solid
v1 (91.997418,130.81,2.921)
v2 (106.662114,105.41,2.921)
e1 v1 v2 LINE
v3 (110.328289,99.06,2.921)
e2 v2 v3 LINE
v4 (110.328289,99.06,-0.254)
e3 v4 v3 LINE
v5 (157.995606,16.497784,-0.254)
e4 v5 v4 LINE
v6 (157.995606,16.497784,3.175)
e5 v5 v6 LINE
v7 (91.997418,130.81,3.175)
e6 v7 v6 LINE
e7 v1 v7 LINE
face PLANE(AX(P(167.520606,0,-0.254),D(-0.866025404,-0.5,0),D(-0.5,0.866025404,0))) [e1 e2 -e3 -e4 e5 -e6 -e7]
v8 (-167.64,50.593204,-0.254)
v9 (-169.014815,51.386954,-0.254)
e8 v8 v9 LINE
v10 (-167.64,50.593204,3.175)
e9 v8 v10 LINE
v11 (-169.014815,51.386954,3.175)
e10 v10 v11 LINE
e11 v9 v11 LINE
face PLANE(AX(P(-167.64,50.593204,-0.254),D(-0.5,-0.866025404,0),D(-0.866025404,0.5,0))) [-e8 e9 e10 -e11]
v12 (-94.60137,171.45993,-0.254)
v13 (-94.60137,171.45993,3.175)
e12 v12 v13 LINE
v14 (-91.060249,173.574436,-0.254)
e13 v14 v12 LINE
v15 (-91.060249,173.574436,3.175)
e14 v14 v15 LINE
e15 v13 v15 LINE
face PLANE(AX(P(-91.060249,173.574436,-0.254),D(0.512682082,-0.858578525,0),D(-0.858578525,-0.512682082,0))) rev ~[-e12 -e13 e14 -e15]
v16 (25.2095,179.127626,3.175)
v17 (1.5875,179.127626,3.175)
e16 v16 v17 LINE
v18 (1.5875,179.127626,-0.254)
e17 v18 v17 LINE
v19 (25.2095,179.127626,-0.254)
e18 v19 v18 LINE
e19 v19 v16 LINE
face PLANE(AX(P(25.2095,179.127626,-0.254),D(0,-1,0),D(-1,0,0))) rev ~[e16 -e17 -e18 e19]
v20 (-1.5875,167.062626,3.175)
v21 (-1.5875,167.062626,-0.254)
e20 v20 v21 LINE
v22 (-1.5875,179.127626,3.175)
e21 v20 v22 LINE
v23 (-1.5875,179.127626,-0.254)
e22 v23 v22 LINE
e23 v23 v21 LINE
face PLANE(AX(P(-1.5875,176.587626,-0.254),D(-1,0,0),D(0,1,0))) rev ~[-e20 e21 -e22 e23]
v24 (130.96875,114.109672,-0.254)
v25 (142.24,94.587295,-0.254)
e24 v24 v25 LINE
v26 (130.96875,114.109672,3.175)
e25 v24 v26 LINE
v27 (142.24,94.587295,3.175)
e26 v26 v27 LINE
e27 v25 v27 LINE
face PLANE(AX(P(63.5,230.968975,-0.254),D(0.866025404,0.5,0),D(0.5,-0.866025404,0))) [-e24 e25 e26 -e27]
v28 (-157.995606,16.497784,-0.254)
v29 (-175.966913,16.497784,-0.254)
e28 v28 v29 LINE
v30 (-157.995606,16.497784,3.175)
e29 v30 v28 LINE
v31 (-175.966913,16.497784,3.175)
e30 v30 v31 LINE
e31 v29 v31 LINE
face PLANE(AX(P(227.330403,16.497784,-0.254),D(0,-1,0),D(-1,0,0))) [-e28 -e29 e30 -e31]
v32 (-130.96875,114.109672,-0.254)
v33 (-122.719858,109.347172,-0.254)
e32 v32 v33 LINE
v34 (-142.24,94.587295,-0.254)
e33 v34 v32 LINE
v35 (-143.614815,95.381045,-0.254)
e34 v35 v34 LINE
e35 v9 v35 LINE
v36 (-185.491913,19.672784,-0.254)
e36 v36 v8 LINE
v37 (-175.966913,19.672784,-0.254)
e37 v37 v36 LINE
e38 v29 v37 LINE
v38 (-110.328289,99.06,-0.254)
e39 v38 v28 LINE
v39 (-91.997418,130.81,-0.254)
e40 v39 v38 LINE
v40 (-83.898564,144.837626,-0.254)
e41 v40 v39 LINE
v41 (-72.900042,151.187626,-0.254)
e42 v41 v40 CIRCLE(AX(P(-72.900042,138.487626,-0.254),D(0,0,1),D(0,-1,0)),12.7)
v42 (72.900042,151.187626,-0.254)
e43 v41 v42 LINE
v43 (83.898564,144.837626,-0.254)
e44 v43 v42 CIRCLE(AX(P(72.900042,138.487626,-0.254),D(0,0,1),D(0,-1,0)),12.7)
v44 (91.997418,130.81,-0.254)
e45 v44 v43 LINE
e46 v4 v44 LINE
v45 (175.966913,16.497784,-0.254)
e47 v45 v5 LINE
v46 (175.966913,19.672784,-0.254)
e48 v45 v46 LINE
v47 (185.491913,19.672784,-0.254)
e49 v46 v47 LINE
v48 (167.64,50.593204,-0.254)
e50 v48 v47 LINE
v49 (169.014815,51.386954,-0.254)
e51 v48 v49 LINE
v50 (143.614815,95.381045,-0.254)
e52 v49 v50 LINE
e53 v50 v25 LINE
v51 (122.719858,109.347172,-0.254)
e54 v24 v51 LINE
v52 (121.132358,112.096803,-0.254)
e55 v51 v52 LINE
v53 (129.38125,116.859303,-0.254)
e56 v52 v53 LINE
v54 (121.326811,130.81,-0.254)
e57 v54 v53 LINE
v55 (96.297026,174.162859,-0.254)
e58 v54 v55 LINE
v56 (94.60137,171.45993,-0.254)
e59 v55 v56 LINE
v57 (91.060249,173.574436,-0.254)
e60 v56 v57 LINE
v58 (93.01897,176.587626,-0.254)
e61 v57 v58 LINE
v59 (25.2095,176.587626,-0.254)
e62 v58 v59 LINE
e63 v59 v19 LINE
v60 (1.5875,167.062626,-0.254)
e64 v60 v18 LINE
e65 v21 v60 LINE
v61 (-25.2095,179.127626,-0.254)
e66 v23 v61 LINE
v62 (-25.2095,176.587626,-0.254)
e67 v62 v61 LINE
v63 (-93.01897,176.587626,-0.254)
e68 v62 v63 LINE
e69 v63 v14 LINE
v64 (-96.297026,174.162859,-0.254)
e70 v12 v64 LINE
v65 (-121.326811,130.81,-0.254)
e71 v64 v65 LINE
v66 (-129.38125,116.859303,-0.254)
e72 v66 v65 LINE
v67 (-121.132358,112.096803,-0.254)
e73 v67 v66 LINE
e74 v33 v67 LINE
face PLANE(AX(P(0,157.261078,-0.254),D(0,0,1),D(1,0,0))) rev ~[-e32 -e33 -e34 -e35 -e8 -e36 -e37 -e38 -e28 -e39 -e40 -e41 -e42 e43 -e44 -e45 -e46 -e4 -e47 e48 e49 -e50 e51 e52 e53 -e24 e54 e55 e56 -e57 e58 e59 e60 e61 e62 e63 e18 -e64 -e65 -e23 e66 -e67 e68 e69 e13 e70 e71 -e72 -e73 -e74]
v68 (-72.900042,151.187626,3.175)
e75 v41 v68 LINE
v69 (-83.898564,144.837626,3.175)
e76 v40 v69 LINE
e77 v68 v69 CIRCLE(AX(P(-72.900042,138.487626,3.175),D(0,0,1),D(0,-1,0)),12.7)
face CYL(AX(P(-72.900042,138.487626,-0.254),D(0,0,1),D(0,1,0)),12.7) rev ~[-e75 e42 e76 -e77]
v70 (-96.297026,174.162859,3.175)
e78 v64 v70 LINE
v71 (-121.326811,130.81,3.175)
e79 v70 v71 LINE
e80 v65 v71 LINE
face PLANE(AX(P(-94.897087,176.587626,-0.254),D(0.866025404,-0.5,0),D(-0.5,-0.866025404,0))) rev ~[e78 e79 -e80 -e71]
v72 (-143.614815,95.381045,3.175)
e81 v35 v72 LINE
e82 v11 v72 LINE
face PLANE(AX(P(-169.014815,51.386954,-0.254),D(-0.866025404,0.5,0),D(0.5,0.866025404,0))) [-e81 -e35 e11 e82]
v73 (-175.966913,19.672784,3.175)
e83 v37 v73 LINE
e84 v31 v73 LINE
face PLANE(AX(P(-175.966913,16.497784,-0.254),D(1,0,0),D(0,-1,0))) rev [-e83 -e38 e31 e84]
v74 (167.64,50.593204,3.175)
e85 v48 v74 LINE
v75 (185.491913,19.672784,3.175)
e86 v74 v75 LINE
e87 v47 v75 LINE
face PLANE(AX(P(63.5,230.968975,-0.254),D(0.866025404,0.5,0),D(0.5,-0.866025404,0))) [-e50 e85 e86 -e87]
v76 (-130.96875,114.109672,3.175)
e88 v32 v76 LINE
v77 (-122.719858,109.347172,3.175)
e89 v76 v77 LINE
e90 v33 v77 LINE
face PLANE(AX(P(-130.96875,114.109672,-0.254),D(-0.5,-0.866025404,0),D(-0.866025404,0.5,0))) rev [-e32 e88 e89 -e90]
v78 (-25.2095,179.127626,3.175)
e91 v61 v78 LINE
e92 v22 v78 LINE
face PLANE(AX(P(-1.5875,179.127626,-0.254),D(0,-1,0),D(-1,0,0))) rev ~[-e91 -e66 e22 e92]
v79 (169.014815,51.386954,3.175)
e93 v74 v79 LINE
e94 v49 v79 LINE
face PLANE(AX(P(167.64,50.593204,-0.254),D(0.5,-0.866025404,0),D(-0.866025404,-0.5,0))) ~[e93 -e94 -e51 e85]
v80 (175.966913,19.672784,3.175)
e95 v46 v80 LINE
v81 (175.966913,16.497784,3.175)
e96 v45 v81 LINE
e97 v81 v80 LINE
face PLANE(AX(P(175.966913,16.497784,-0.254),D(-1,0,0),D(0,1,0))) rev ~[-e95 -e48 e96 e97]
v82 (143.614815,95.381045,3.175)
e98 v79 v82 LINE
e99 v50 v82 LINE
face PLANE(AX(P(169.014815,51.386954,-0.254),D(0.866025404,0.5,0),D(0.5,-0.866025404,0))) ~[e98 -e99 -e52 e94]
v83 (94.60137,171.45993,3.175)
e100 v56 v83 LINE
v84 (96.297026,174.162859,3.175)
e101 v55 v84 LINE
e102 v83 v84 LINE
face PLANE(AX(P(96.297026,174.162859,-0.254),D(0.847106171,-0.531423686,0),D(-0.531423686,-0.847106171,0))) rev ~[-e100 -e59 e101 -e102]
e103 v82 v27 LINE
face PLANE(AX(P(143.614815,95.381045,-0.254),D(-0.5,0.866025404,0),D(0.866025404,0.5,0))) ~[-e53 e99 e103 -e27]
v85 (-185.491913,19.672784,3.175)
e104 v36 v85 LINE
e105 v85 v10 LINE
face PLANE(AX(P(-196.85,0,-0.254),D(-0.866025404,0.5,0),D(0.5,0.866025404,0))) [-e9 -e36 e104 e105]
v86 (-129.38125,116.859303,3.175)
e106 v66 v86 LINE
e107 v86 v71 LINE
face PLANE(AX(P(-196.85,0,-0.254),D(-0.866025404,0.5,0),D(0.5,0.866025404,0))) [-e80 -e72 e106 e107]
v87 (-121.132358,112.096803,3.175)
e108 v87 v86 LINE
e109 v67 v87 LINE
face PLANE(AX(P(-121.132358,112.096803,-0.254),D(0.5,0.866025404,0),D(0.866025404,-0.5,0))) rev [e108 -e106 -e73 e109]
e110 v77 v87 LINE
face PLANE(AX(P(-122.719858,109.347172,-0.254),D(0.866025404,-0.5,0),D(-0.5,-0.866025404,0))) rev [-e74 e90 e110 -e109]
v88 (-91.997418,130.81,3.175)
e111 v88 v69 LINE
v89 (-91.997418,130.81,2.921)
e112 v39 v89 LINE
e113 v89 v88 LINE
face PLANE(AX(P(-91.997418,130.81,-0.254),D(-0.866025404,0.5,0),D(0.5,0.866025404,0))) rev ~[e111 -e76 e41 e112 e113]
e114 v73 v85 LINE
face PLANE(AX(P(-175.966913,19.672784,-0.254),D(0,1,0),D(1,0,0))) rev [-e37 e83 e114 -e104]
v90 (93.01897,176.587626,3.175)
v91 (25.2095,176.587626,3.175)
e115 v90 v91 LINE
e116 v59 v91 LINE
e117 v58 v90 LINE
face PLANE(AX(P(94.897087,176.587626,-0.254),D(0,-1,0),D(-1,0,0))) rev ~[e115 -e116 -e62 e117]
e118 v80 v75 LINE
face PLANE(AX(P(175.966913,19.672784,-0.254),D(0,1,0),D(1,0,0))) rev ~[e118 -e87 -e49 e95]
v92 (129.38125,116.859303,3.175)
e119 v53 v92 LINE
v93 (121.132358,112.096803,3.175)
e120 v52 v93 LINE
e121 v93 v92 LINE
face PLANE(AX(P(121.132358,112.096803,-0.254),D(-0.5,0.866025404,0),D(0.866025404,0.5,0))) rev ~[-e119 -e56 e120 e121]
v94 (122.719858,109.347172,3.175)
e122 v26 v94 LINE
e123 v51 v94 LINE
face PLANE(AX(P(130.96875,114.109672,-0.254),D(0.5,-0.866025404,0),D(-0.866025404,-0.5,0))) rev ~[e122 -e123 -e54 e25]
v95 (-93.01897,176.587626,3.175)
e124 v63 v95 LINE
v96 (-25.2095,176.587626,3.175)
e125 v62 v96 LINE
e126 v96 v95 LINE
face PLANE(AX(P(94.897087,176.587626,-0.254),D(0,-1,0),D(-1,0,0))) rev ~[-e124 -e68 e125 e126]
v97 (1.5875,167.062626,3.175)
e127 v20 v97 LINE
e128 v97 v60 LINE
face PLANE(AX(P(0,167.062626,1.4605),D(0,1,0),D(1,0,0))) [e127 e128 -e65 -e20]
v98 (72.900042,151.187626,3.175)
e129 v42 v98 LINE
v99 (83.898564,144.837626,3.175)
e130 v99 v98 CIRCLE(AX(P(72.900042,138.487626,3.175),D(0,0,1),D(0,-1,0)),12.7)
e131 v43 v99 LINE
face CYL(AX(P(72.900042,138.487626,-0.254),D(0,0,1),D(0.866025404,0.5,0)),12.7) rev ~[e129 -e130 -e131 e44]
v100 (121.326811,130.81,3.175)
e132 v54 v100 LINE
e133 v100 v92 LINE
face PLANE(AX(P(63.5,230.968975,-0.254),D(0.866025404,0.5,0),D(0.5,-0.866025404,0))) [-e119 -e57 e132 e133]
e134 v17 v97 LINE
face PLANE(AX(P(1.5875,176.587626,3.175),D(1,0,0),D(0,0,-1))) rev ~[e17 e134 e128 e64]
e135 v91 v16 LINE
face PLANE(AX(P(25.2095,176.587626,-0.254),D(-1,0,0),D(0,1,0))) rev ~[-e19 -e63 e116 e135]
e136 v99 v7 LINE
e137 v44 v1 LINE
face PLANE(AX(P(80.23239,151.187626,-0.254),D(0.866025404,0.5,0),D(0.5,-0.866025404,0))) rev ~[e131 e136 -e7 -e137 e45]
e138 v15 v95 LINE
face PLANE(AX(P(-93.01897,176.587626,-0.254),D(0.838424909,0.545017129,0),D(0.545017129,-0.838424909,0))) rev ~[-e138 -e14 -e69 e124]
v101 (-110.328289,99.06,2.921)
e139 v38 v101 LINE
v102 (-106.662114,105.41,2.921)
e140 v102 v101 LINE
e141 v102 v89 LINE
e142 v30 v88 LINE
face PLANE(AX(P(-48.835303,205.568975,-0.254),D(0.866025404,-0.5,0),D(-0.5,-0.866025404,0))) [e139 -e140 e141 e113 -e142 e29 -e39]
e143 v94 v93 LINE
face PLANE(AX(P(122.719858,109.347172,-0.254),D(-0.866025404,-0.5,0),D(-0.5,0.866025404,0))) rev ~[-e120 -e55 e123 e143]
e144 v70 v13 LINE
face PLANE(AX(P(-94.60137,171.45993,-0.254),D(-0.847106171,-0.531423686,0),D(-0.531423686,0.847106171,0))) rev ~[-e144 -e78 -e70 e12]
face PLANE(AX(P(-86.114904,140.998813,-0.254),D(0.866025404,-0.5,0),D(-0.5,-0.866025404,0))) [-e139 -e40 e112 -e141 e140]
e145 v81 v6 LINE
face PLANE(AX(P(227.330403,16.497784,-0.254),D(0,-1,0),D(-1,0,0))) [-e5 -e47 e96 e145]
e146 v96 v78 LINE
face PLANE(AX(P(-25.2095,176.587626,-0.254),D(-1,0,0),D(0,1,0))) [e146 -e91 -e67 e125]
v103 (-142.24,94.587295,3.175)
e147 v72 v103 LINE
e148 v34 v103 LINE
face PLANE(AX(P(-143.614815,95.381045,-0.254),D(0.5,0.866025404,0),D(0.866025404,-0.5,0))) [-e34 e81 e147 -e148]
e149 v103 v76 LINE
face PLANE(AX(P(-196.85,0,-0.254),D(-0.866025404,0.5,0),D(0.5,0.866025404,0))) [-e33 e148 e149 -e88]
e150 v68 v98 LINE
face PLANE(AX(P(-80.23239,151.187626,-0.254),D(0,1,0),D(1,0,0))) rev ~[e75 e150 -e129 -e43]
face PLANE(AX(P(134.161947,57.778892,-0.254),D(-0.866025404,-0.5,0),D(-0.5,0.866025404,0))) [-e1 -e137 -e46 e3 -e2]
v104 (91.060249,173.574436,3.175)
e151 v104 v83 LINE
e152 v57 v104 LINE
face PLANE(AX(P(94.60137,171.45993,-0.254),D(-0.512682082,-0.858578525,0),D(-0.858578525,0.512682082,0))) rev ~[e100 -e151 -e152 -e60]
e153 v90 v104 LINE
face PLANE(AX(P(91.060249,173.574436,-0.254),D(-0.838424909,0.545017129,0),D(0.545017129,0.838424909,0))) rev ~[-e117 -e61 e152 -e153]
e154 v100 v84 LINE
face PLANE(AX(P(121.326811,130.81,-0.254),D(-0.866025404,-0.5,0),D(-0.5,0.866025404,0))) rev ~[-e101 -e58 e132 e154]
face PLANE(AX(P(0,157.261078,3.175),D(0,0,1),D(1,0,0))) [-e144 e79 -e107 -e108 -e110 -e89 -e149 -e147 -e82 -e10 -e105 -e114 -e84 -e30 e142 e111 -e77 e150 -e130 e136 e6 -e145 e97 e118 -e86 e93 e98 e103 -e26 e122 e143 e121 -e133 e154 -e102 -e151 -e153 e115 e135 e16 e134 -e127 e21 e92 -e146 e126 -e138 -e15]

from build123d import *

# Parameters (mm, degrees)
BOSS_EXTRUDE1_DEPTH      = 3.175
BOSS_EXTRUDE1_DEPTH_BACK = 0.254
FILLET1_R                = 12.7
SKETCH3_W                = 50.8
SKETCH3_H                = 1.5875
BOSS_EXTRUDE2_DEPTH      = 3.429
CUT_EXTRUDE1_DEPTH       = 305.703453695
CUT_EXTRUDE2_DEPTH       = 305.703453695
CUT_EXTRUDE4_DEPTH       = 305.048068156
BOSS_EXTRUDE3_DEPTH      = 3.175
FILLET2_R                = 12.7
CUT_EXTRUDE5_REACH       = 237.529
SKETCH10_W               = 3.175
SKETCH10_H               = 9.525
SKETCH12_W               = 23.622
SKETCH12_H               = 3.175
BOSS_EXTRUDE4_DEPTH      = 2.54
SKETCH15_W               = 463.920025393
SKETCH15_H               = 26.613528777
CUT_EXTRUDE8_DEPTH       = 237.949226834
BOSS_EXTRUDE5_DEPTH      = 3.429
SKETCH17_W               = 23.622
SKETCH17_H               = 2.54
BOSS_EXTRUDE6_DEPTH      = 3.429
SKETCH18_W               = 3.175
SKETCH18_H               = 3.429
CUT_EXTRUDE9_DEPTH       = 9.525
CUT_EXTRUDE10_DEPTH      = 258.887018005
FILLET3_R                = 12.7
CUT_EXTRUDE11_DEPTH      = 258.887018005


with BuildPart() as part:
    # Sketch1 → Boss-Extrude1 (new, two sides: drawn at the far end of the back side and taken through both)
    with BuildSketch(Plane.XY.offset(-BOSS_EXTRUDE1_DEPTH_BACK)):
        Polygon((-196.85, 0), (-63.5, 230.968975189), (63.5, 230.968975189), (196.85, 0), (167.520606325, 0), (48.835303163, 205.568975189), (-48.835303163, 205.568975189), (-167.520606325, 0), align=None)
    extrude(amount=BOSS_EXTRUDE1_DEPTH + BOSS_EXTRUDE1_DEPTH_BACK)

    # Fillet1
    fillet1_edges = [part.edges().sort_by_distance(p)[0] for p in [
        (167.520606325, 0, 1.4605),
        (48.835303163, 205.568975189, 1.4605),
        (-48.835303163, 205.568975189, 1.4605),
        (-167.520606325, 0, 1.4605),
    ]]
    fillet(fillet1_edges, radius=FILLET1_R)

    # Sketch3 → Boss-Extrude2 (add)
    with BuildSketch(Plane(origin=(0, 0, -0.254), x_dir=(-1, 0, 0), z_dir=(0, 0, -1))):
        Polygon((81.638815329, 202.726625451), (80.264, 201.932875451), (105.664, 157.938784939), (107.038815329, 158.732534939), align=None)
        Polygon((143.614815329, 95.381044601), (142.24, 94.587294601), (167.64, 50.593204089), (169.014815329, 51.386954089), align=None)
        with Locations((0, 231.762725189)):
            Rectangle(SKETCH3_W, SKETCH3_H)
    boss_extrude2 = extrude(amount=-BOSS_EXTRUDE2_DEPTH)

    # Sketch5 → Cut-Extrude1 (cut, through all)
    with BuildSketch(Plane(origin=(0, 0, -0.254), x_dir=(-1, 0, 0), z_dir=(0, 0, -1))):
        Polygon((-175.966912895, 19.672783942), (-185.491912895, 19.672783942), (-187.325, 16.497783942), (-186.309, 16.497783942), (-175.966912895, 16.497783942), align=None)
        Polygon((-186.309, 16.497783942), (-187.325, 16.497783942), (-196.85, 0), (-195.834, 0), align=None)
        Polygon((-121.132358029, 112.096802923), (-129.38125, 116.859302923), (-130.96875, 114.109672266), (-122.719858029, 109.347172266), align=None)
    cut_extrude1 = extrude(amount=-CUT_EXTRUDE1_DEPTH, mode=Mode.SUBTRACT)

    # Sketch4 → Cut-Extrude2 (cut, through all)
    with BuildSketch(Plane(origin=(0, 0, -0.254), x_dir=(-1, 0, 0), z_dir=(0, 0, -1))):
        Polygon((-61.666912895, 230.968975189), (-56.904412895, 222.720083218), (-59.654043552, 221.132583218), (-64.416543552, 229.381475189), (-63.5, 230.968975189), align=None)
    cut_extrude2 = extrude(amount=-CUT_EXTRUDE2_DEPTH, mode=Mode.SUBTRACT)

    # Mirror1: Boss-Extrude2, Cut-Extrude1, Cut-Extrude2 across plane
    add(boss_extrude2.mirror(Plane(origin=(0, 0, 0), x_dir=(0, 0, 1), z_dir=(1, 0, 0))))
    add(cut_extrude1.mirror(Plane(origin=(0, 0, 0), x_dir=(0, 0, 1), z_dir=(1, 0, 0))), mode=Mode.SUBTRACT)
    add(cut_extrude2.mirror(Plane(origin=(0, 0, 0), x_dir=(0, 0, 1), z_dir=(1, 0, 0))), mode=Mode.SUBTRACT)

    # Sketch6 → Cut-Extrude4 (cut, through all)
    with BuildSketch(Plane(origin=(0, 0, -0.254), x_dir=(-1, 0, 0), z_dir=(0, 0, -1))):
        Polygon((-121.326811287, 130.81), (-91.997417612, 130.81), (-52.501477372, 199.218975189), (-41.502954744, 205.568975189), (41.502954744, 205.568975189), (47.852954744, 203.867497817), (52.501477372, 199.218975189), (91.997417612, 130.81), (121.326811287, 130.81), (105.664, 157.938784939), (107.038815329, 158.732534939), (81.638815329, 202.726625451), (80.264, 201.932875451), (64.416543552, 229.381475189), (59.654043552, 221.132583218), (56.904412895, 222.720083218), (61.666912895, 230.968975189), (25.4, 230.968975189), (25.4, 232.556475189), (-25.4, 232.556475189), (-25.4, 230.968975189), (-61.666912895, 230.968975189), (-56.904412895, 222.720083218), (-59.654043552, 221.132583218), (-64.416543552, 229.381475189), (-80.264, 201.932875451), (-81.638815329, 202.726625451), (-107.038815329, 158.732534939), (-105.664, 157.938784939), align=None)
    extrude(amount=-CUT_EXTRUDE4_DEPTH, mode=Mode.SUBTRACT)


with BuildPart() as cut_extrude4_piece_1:
    # of the separate pieces the step leaves, piece 1, a body of its own (cut_extrude4_pieces)
    add(part.part.solids().sort_by_distance((-174.852954744, 0, -0.254))[0])



with BuildPart() as cut_extrude4_piece_2:
    # of the separate pieces the step leaves, piece 2, a body of its own (cut_extrude4_pieces)
    add(part.part.solids().sort_by_distance((195.834, 0, -0.254))[0])


with BuildPart() as cut_extrude4_piece_1_1:
    add(cut_extrude4_piece_1.part)

    add(cut_extrude4_piece_2.part)  # Boss-Extrude3 merges Cut-Extrude4 piece 2
    # Sketch9 → Boss-Extrude3 (add)
    with BuildSketch(Plane(origin=(0, 0, -0.254), x_dir=(-1, 0, 0), z_dir=(0, 0, -1))):
        Polygon((-91.997417612, 130.81), (-106.66211445, 105.41), (106.66211445, 105.41), (91.997417612, 130.81), align=None)
    extrude(amount=-BOSS_EXTRUDE3_DEPTH)

    # Fillet2
    fillet2_edges = [cut_extrude4_piece_1_1.edges().sort_by_distance(p)[0] for p in [
        (-106.66211445, 105.41, 1.3335),
        (106.66211445, 105.41, 1.3335),
    ]]
    fillet(fillet2_edges, radius=FILLET2_R)

    # Sketch10 → Cut-Extrude5 (cut, up to next)
    with BuildSketch(Plane(origin=(0, 0, -0.254), x_dir=(-1, 0, 0), z_dir=(0, 0, -1)), mode=Mode.PRIVATE) as cut_extrude5_sk1:
        with Locations((0, 126.0475)):
            Rectangle(SKETCH10_W, SKETCH10_H)
    cut_extrude5_tool1 = extrude(cut_extrude5_sk1.sketch, amount=-CUT_EXTRUDE5_REACH, mode=Mode.PRIVATE) & cut_extrude4_piece_1_1.part
    add(cut_extrude5_tool1.solids().sort_by_distance((0, 126.0475, -0.254))[0], mode=Mode.SUBTRACT)

    # Sketch12 → Boss-Extrude4 (add)
    with BuildSketch(Plane(origin=(0, 130.81, 0), x_dir=(1, 0, 0), z_dir=(0, 1, 0))):
        with Locations((13.3985, -1.3335)):
            Rectangle(SKETCH12_W, SKETCH12_H)
        with Locations((-13.3985, -1.3335)):
            Rectangle(SKETCH12_W, SKETCH12_H)
    extrude(amount=BOSS_EXTRUDE4_DEPTH)

    # Sketch15 → Cut-Extrude8 (cut, through all)
    with BuildSketch(Plane(origin=(0, 0, -0.254), x_dir=(-1, 0, 0), z_dir=(0, 0, -1))):
        with Locations((4.62960925, 3.191019554)):
            Rectangle(SKETCH15_W, SKETCH15_H)
    extrude(amount=-CUT_EXTRUDE8_DEPTH, mode=Mode.SUBTRACT)

    # Sketch16 → Boss-Extrude5 (add)
    with BuildSketch(Plane(origin=(0, 0, -0.254), x_dir=(-1, 0, 0), z_dir=(0, 0, -1))):
        Polygon((-121.326811287, 130.81), (-94.897086805, 176.587625634), (94.897086805, 176.587625634), (121.326811287, 130.81), (91.997417612, 130.81), (80.232389968, 151.187625634), (-80.232389968, 151.187625634), (-91.997417612, 130.81), align=None)
    extrude(amount=-BOSS_EXTRUDE5_DEPTH)

    # Sketch17 → Boss-Extrude6 (add)
    with BuildSketch(Plane(origin=(0, 0, -0.254), x_dir=(-1, 0, 0), z_dir=(0, 0, -1))):
        with Locations((-13.3985, 177.857625634)):
            Rectangle(SKETCH17_W, SKETCH17_H)
        with Locations((13.3985, 177.857625634)):
            Rectangle(SKETCH17_W, SKETCH17_H)
    extrude(amount=-BOSS_EXTRUDE6_DEPTH)

    # Sketch18 → Cut-Extrude9 (cut)
    with BuildSketch(Plane(origin=(0, 176.587625634, 0), x_dir=(1, 0, 0), z_dir=(0, 1, 0))):
        with Locations((0, -1.4605)):
            Rectangle(SKETCH18_W, SKETCH18_H)
    extrude(amount=-CUT_EXTRUDE9_DEPTH, mode=Mode.SUBTRACT)

    # Sketch19 → Cut-Extrude10 (cut, through all)
    with BuildSketch(Plane(origin=(0, 0, -0.254), x_dir=(-1, 0, 0), z_dir=(0, 0, -1))):
        Polygon((-134.161947492, 57.778891971), (-86.11490379, 140.998812817), (86.11490379, 140.998812817), (134.161947492, 57.778891971), align=None)
    extrude(amount=-CUT_EXTRUDE10_DEPTH, mode=Mode.SUBTRACT)

    # Fillet3
    fillet3_edges = [cut_extrude4_piece_1_1.edges().sort_by_distance(p)[0] for p in [
        (-80.232389968, 151.187625634, 1.4605),
        (80.232389968, 151.187625634, 1.4605),
    ]]
    fillet(fillet3_edges, radius=FILLET3_R)

    # Sketch20 → Cut-Extrude11 (cut, through all)
    with BuildSketch(Plane(origin=(0, 0, -0.254), x_dir=(-1, 0, 0), z_dir=(0, 0, -1))):
        Polygon((93.018969857, 176.587625634), (91.060249362, 173.574435836), (94.601370403, 171.459929994), (96.297026346, 174.162859221), (94.897086805, 176.587625634), align=None)
        Polygon((-94.897086805, 176.587625634), (-96.297026346, 174.162859221), (-94.601370403, 171.459929994), (-91.060249362, 173.574435836), (-93.018969857, 176.587625634), align=None)
    extrude(amount=-CUT_EXTRUDE11_DEPTH, mode=Mode.SUBTRACT)


solid = cut_extrude4_piece_1_1.part
